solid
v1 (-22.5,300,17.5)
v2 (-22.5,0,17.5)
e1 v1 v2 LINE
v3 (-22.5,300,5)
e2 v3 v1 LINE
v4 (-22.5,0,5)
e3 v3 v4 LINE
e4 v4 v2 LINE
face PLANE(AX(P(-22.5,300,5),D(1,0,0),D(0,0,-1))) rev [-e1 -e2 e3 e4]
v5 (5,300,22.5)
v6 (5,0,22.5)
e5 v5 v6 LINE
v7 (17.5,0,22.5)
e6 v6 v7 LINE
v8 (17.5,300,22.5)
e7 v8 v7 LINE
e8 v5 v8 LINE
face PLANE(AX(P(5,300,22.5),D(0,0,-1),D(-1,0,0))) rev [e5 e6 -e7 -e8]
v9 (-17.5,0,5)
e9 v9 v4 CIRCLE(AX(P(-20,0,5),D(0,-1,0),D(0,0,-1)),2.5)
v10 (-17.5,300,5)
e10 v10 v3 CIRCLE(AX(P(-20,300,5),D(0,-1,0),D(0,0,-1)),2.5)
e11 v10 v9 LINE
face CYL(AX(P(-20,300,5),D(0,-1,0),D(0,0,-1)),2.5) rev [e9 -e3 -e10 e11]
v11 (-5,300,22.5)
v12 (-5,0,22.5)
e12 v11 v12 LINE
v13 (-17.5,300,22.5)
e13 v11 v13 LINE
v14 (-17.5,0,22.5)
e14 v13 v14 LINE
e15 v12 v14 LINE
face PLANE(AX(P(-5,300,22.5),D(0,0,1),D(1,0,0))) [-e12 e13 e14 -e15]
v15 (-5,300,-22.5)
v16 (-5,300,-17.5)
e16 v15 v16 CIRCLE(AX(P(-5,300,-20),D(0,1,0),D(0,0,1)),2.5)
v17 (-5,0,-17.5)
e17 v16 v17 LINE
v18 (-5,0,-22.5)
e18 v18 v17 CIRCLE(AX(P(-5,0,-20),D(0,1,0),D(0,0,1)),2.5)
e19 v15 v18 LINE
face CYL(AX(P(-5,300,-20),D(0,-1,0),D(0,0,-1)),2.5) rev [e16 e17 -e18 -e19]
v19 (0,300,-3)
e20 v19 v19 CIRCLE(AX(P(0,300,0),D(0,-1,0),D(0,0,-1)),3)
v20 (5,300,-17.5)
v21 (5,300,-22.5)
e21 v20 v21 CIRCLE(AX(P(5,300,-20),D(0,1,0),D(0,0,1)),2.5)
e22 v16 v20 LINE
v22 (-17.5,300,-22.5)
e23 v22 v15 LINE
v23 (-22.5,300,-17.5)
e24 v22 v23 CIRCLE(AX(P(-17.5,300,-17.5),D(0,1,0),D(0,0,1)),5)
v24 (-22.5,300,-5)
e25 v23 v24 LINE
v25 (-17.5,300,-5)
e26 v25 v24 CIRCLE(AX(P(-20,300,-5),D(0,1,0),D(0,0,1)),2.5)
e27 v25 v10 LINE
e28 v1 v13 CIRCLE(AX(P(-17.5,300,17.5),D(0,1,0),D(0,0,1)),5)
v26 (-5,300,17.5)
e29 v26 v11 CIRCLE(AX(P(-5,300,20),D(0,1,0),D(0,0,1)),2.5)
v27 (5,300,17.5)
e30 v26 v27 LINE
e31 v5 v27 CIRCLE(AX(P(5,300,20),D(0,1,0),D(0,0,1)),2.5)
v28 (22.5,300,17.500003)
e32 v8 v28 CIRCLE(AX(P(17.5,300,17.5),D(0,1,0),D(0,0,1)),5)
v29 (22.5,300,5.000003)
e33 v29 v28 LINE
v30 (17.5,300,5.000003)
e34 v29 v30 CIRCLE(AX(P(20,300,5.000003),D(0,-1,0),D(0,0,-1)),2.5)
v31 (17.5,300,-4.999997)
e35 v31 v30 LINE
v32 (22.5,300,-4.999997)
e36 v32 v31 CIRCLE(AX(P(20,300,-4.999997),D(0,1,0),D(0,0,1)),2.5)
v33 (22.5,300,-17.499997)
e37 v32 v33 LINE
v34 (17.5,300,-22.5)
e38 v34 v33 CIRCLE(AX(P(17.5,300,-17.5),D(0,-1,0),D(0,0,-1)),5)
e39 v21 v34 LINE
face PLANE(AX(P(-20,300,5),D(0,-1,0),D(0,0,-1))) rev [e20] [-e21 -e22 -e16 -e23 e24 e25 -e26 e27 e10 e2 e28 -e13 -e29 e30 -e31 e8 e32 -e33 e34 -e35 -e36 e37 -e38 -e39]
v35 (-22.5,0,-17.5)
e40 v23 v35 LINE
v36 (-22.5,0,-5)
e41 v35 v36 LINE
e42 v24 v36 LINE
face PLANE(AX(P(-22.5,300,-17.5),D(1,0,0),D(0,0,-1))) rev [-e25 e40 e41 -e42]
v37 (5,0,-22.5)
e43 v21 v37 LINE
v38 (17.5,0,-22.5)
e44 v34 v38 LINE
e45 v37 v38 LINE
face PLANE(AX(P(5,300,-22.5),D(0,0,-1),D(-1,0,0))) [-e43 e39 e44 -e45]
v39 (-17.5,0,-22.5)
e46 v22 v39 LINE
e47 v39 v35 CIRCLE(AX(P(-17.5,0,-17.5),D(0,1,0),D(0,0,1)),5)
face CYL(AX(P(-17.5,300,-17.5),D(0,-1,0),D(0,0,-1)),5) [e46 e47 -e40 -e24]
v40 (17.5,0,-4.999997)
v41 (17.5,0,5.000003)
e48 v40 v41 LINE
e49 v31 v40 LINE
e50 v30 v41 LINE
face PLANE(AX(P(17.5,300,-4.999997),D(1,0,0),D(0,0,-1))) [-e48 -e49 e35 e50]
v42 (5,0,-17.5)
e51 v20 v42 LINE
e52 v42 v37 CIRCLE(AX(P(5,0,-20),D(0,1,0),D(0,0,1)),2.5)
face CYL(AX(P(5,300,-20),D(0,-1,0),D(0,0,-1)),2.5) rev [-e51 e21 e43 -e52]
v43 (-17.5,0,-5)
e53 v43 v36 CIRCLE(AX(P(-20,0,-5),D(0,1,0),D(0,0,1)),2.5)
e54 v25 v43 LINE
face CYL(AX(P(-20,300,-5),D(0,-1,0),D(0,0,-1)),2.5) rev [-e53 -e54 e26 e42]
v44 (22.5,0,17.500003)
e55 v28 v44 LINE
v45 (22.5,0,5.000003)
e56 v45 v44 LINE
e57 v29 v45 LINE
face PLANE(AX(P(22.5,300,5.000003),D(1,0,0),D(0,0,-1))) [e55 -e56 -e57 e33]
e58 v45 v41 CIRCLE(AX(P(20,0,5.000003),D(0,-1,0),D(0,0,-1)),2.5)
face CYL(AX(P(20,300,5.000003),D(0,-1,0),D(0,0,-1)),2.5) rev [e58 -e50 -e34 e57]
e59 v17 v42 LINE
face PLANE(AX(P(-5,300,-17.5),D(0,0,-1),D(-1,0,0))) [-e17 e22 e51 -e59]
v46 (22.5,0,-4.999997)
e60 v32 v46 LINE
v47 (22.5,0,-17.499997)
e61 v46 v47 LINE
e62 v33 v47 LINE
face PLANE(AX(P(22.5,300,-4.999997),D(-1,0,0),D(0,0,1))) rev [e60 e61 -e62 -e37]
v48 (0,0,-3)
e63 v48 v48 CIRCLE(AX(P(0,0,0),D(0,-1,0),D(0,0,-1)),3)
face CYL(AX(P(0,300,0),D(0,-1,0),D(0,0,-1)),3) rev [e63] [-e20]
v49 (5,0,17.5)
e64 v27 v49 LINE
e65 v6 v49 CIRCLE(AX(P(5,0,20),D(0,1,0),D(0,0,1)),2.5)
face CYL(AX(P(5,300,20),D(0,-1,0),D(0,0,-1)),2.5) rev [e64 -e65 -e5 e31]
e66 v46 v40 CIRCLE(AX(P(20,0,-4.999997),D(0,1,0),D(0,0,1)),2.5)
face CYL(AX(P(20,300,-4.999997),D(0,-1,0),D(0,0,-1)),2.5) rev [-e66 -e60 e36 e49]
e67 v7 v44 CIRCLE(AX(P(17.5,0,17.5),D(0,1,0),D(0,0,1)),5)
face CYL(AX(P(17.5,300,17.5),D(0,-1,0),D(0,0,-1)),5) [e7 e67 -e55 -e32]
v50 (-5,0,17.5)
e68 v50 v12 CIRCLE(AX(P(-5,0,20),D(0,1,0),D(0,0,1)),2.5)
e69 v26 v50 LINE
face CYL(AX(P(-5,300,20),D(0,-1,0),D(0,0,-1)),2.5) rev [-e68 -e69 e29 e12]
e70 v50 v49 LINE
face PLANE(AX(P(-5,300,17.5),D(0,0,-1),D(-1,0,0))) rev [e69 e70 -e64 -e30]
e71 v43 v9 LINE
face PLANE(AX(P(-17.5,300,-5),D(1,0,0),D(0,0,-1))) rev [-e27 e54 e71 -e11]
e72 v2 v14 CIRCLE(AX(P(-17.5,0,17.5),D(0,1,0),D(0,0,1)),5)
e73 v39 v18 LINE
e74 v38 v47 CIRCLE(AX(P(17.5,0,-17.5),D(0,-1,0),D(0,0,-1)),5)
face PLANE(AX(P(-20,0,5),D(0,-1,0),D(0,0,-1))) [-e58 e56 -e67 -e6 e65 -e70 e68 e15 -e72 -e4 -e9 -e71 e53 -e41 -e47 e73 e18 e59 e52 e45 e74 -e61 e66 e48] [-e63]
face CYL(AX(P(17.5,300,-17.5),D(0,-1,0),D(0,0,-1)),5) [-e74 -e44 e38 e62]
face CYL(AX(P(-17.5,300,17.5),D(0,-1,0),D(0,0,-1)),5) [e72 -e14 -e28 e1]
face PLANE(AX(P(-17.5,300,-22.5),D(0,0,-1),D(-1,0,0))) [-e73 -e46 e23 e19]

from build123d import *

# Parameters (mm, degrees)
BOSS_EXTRU_2_DEPTH      = 300
ESQUISSE5_R             = 3
ENL_V_MAT_EXTRU_1_DEPTH = 302.682780417


with BuildPart() as part:
    # Esquisse4 → Boss.-Extru.2 (new body)
    with BuildSketch(Plane(origin=(0, 0, 0), x_dir=(1, 0, 0), z_dir=(0, 1, 0))):
        with BuildLine():
            Line((-17.5, 22.5), (-5, 22.5))
            ThreePointArc((-5, 22.5), (-7.5, 20), (-5, 17.5))
            Line((-5, 17.5), (5, 17.5))
            ThreePointArc((5, 17.5), (7.5, 20), (5, 22.5))
            Line((5, 22.5), (17.5, 22.5))
            ThreePointArc((17.5, 22.5), (21.035534799, 21.035533013), (22.5, 17.499997475))
            Line((22.5, 17.499997475), (22.5, 4.999997475))
            ThreePointArc((22.5, 4.999997475), (20, 7.499997475), (17.5, 4.999997475))
            Line((17.5, 4.999997475), (17.5, -5.000002525))
            ThreePointArc((17.5, -5.000002525), (20, -7.500002525), (22.5, -5.000002525))
            Line((22.5, -5.000002525), (22.5, -17.500002525))
            ThreePointArc((22.5, -17.500002525), (21.035533013, -21.035534799), (17.5, -22.5))
            Line((17.5, -22.5), (5, -22.5))
            ThreePointArc((5, -22.5), (7.5, -20), (5, -17.5))
            Line((5, -17.5), (-5, -17.5))
            ThreePointArc((-5, -17.5), (-7.5, -20), (-5, -22.5))
            Line((-5, -22.5), (-17.5, -22.5))
            ThreePointArc((-17.5, -22.5), (-21.035533906, -21.035533906), (-22.5, -17.5))
            Line((-22.5, -17.5), (-22.5, -5))
            ThreePointArc((-22.5, -5), (-20, -7.5), (-17.5, -5))
            Line((-17.5, -5), (-17.5, 5))
            ThreePointArc((-17.5, 5), (-20, 7.5), (-22.5, 5))
            Line((-22.5, 5), (-22.5, 17.5))
            ThreePointArc((-22.5, 17.5), (-21.035533906, 21.035533906), (-17.5, 22.5))
        make_face()
    extrude(amount=BOSS_EXTRU_2_DEPTH)

    # Esquisse5 → Enlèv. mat.-Extru.1 (cut, through all)
    with BuildSketch(Plane.XZ):
        with Locations(Location((0, 0, 0), (0, 0, 270))):
            Circle(ESQUISSE5_R)
    extrude(amount=-ENL_V_MAT_EXTRU_1_DEPTH, mode=Mode.SUBTRACT)


solid = part.part
